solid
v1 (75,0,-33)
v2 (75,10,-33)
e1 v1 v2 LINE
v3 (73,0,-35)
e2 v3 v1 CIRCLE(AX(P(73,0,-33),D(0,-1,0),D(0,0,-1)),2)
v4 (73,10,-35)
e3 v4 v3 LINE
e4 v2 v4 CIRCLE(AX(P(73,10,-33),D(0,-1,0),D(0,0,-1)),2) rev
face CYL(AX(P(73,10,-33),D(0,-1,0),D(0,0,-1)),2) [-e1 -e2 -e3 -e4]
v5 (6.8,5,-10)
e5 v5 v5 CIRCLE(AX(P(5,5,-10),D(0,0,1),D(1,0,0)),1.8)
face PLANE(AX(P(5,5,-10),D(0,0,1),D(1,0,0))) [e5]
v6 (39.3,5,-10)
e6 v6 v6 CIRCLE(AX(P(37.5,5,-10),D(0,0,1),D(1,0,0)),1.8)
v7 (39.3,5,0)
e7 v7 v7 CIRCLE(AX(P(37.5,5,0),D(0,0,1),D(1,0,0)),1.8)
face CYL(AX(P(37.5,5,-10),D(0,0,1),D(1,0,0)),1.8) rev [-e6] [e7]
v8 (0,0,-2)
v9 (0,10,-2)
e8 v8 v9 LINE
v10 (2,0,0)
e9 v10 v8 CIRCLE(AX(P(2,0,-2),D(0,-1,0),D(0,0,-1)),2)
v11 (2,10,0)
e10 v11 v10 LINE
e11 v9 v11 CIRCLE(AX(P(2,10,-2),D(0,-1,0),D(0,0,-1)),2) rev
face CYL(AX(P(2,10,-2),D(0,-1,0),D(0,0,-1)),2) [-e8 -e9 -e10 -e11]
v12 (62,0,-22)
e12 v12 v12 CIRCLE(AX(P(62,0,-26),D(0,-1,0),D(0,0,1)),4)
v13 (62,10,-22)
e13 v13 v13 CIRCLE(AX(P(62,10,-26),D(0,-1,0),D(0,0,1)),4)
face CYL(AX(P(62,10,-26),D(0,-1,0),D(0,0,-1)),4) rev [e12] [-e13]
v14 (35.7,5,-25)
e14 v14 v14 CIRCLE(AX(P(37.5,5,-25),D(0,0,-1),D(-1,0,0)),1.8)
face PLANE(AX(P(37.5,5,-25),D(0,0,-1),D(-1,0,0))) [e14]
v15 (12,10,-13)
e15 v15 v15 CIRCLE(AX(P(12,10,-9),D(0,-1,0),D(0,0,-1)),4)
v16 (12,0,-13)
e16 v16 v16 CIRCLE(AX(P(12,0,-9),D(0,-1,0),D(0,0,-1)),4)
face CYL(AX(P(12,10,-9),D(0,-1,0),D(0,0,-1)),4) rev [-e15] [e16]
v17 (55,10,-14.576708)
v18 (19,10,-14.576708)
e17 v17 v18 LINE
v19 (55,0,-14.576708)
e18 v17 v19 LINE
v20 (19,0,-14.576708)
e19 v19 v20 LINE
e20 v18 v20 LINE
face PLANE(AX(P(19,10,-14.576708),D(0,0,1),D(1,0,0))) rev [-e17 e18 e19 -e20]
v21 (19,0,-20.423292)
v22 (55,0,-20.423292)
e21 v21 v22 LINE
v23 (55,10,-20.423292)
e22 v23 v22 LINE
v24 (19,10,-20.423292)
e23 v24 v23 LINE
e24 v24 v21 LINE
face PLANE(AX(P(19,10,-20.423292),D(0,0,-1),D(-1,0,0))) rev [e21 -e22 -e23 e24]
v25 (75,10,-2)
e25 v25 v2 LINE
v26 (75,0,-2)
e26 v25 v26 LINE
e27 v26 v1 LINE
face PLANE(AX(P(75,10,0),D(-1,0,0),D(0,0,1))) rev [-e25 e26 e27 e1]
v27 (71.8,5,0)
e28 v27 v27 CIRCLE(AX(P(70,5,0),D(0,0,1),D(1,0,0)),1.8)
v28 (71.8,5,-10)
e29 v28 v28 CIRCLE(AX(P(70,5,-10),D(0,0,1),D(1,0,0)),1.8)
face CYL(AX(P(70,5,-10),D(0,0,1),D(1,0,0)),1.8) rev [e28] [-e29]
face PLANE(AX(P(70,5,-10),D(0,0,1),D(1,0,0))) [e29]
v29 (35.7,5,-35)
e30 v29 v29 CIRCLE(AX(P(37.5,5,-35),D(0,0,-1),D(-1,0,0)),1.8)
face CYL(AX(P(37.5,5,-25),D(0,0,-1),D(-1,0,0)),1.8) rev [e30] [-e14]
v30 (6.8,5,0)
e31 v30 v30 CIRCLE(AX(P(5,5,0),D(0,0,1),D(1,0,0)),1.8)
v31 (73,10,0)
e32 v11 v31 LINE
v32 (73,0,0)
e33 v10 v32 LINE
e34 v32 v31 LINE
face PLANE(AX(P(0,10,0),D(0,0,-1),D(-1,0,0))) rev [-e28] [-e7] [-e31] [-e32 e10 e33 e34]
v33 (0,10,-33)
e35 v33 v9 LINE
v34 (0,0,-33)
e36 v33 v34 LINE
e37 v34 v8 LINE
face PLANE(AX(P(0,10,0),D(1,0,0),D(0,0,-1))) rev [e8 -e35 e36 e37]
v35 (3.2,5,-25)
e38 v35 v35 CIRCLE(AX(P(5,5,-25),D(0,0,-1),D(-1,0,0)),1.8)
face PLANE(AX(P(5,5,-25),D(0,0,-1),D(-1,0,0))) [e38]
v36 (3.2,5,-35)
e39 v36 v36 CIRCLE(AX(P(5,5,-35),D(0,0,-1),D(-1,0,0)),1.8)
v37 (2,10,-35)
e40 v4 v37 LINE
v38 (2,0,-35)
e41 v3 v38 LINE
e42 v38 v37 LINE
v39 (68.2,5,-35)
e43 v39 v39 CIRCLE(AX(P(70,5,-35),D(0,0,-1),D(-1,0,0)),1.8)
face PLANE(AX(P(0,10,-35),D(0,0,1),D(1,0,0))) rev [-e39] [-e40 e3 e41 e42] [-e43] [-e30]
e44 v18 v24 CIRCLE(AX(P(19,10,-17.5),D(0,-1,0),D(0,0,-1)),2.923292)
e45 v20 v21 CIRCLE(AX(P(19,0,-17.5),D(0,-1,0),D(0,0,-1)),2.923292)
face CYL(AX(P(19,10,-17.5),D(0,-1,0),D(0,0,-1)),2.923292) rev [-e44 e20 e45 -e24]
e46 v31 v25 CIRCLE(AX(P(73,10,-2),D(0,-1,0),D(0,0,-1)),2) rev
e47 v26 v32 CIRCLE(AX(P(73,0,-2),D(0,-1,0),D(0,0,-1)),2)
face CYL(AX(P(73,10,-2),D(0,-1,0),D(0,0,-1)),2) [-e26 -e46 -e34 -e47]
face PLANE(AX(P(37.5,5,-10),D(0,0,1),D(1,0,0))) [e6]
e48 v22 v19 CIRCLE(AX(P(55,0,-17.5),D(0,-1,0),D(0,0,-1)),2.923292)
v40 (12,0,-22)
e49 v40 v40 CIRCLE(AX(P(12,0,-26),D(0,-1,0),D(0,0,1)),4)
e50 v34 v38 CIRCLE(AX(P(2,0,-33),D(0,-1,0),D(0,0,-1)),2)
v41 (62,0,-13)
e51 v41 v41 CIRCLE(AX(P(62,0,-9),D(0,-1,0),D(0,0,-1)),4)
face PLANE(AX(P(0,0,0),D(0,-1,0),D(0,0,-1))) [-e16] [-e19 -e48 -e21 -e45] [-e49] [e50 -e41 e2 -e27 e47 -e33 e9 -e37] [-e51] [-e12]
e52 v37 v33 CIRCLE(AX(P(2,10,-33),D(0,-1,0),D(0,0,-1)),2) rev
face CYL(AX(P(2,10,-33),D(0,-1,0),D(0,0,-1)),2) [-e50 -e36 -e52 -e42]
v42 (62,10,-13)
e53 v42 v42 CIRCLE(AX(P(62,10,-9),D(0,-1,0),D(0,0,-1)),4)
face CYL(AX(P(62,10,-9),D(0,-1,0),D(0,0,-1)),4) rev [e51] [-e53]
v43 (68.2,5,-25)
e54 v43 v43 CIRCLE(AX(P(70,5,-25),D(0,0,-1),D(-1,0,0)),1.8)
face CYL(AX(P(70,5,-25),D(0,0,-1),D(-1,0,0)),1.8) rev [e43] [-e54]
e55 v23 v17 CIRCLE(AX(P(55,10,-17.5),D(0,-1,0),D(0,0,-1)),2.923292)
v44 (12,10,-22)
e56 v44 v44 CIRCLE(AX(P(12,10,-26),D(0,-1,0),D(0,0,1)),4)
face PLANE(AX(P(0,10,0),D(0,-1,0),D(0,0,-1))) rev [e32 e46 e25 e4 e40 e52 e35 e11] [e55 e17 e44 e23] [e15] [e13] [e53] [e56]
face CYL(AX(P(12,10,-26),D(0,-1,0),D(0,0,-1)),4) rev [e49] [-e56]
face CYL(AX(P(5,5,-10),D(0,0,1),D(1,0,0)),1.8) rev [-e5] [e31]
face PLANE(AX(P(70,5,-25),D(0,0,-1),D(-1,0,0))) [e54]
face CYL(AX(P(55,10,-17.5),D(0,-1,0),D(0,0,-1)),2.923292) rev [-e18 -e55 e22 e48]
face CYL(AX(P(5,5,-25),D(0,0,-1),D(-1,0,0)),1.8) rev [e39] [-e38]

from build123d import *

# Parameters (mm, degrees)
SKETCH1_W           = 75
SKETCH1_H           = 35
BOSS_EXTRUDE1_DEPTH = 10
SKETCH2_R           = 1.8
CUT_EXTRUDE1_DEPTH  = 10
SKETCH3_R           = 1.8
CUT_EXTRUDE2_DEPTH  = 10
SKETCH4_R           = 4
CUT_EXTRUDE4_DEPTH  = 11
FILLET1_R           = 2


with BuildPart() as part:
    # Sketch1 → Boss-Extrude1 (new body)
    with BuildSketch(Plane(origin=(0, 0, 0), x_dir=(1, 0, 0), z_dir=(0, 1, 0))):
        with Locations((37.5, 17.5)):
            Rectangle(SKETCH1_W, SKETCH1_H)
    extrude(amount=BOSS_EXTRUDE1_DEPTH)

    # Sketch2 → Cut-Extrude1 (cut)
    with BuildSketch(Plane.XY):
        with Locations((5, 5)):
            Circle(SKETCH2_R)
        with Locations((37.5, 5)):
            Circle(SKETCH2_R)
        with Locations((70, 5)):
            Circle(SKETCH2_R)
    extrude(amount=-CUT_EXTRUDE1_DEPTH, mode=Mode.SUBTRACT)

    # Sketch3 → Cut-Extrude2 (cut)
    with BuildSketch(Plane(origin=(0, 0, -35), x_dir=(-1, 0, 0), z_dir=(0, 0, -1))):
        with Locations((-5, 5)):
            Circle(SKETCH3_R)
        with Locations((-37.5, 5)):
            Circle(SKETCH3_R)
        with Locations((-70, 5)):
            Circle(SKETCH3_R)
    extrude(amount=-CUT_EXTRUDE2_DEPTH, mode=Mode.SUBTRACT)

    # Sketch4 → Cut-Extrude4 (cut, through all)
    with BuildSketch(Plane.XZ):
        with Locations((12, -9)):
            Circle(SKETCH4_R)
        with Locations((62, -9)):
            Circle(SKETCH4_R)
        with Locations((62, -26)):
            Circle(SKETCH4_R)
        with Locations((12, -26)):
            Circle(SKETCH4_R)
        with BuildLine():
            Line((19, -14.576707994), (55, -14.576707994))
            ThreePointArc((55, -14.576707994), (57.923292006, -17.5), (55, -20.423292006))
            Line((55, -20.423292006), (19, -20.423292006))
            ThreePointArc((19, -20.423292006), (16.076707994, -17.5), (19, -14.576707994))
        make_face()
    extrude(amount=-CUT_EXTRUDE4_DEPTH, mode=Mode.SUBTRACT)

    # Fillet1
    fillet1_edges = [part.edges().sort_by_distance(p)[0] for p in [
        (0, 5, -35),
        (75, 5, -35),
        (75, 5, 0),
        (0, 5, 0),
    ]]
    fillet(fillet1_edges, radius=FILLET1_R)


solid = part.part
